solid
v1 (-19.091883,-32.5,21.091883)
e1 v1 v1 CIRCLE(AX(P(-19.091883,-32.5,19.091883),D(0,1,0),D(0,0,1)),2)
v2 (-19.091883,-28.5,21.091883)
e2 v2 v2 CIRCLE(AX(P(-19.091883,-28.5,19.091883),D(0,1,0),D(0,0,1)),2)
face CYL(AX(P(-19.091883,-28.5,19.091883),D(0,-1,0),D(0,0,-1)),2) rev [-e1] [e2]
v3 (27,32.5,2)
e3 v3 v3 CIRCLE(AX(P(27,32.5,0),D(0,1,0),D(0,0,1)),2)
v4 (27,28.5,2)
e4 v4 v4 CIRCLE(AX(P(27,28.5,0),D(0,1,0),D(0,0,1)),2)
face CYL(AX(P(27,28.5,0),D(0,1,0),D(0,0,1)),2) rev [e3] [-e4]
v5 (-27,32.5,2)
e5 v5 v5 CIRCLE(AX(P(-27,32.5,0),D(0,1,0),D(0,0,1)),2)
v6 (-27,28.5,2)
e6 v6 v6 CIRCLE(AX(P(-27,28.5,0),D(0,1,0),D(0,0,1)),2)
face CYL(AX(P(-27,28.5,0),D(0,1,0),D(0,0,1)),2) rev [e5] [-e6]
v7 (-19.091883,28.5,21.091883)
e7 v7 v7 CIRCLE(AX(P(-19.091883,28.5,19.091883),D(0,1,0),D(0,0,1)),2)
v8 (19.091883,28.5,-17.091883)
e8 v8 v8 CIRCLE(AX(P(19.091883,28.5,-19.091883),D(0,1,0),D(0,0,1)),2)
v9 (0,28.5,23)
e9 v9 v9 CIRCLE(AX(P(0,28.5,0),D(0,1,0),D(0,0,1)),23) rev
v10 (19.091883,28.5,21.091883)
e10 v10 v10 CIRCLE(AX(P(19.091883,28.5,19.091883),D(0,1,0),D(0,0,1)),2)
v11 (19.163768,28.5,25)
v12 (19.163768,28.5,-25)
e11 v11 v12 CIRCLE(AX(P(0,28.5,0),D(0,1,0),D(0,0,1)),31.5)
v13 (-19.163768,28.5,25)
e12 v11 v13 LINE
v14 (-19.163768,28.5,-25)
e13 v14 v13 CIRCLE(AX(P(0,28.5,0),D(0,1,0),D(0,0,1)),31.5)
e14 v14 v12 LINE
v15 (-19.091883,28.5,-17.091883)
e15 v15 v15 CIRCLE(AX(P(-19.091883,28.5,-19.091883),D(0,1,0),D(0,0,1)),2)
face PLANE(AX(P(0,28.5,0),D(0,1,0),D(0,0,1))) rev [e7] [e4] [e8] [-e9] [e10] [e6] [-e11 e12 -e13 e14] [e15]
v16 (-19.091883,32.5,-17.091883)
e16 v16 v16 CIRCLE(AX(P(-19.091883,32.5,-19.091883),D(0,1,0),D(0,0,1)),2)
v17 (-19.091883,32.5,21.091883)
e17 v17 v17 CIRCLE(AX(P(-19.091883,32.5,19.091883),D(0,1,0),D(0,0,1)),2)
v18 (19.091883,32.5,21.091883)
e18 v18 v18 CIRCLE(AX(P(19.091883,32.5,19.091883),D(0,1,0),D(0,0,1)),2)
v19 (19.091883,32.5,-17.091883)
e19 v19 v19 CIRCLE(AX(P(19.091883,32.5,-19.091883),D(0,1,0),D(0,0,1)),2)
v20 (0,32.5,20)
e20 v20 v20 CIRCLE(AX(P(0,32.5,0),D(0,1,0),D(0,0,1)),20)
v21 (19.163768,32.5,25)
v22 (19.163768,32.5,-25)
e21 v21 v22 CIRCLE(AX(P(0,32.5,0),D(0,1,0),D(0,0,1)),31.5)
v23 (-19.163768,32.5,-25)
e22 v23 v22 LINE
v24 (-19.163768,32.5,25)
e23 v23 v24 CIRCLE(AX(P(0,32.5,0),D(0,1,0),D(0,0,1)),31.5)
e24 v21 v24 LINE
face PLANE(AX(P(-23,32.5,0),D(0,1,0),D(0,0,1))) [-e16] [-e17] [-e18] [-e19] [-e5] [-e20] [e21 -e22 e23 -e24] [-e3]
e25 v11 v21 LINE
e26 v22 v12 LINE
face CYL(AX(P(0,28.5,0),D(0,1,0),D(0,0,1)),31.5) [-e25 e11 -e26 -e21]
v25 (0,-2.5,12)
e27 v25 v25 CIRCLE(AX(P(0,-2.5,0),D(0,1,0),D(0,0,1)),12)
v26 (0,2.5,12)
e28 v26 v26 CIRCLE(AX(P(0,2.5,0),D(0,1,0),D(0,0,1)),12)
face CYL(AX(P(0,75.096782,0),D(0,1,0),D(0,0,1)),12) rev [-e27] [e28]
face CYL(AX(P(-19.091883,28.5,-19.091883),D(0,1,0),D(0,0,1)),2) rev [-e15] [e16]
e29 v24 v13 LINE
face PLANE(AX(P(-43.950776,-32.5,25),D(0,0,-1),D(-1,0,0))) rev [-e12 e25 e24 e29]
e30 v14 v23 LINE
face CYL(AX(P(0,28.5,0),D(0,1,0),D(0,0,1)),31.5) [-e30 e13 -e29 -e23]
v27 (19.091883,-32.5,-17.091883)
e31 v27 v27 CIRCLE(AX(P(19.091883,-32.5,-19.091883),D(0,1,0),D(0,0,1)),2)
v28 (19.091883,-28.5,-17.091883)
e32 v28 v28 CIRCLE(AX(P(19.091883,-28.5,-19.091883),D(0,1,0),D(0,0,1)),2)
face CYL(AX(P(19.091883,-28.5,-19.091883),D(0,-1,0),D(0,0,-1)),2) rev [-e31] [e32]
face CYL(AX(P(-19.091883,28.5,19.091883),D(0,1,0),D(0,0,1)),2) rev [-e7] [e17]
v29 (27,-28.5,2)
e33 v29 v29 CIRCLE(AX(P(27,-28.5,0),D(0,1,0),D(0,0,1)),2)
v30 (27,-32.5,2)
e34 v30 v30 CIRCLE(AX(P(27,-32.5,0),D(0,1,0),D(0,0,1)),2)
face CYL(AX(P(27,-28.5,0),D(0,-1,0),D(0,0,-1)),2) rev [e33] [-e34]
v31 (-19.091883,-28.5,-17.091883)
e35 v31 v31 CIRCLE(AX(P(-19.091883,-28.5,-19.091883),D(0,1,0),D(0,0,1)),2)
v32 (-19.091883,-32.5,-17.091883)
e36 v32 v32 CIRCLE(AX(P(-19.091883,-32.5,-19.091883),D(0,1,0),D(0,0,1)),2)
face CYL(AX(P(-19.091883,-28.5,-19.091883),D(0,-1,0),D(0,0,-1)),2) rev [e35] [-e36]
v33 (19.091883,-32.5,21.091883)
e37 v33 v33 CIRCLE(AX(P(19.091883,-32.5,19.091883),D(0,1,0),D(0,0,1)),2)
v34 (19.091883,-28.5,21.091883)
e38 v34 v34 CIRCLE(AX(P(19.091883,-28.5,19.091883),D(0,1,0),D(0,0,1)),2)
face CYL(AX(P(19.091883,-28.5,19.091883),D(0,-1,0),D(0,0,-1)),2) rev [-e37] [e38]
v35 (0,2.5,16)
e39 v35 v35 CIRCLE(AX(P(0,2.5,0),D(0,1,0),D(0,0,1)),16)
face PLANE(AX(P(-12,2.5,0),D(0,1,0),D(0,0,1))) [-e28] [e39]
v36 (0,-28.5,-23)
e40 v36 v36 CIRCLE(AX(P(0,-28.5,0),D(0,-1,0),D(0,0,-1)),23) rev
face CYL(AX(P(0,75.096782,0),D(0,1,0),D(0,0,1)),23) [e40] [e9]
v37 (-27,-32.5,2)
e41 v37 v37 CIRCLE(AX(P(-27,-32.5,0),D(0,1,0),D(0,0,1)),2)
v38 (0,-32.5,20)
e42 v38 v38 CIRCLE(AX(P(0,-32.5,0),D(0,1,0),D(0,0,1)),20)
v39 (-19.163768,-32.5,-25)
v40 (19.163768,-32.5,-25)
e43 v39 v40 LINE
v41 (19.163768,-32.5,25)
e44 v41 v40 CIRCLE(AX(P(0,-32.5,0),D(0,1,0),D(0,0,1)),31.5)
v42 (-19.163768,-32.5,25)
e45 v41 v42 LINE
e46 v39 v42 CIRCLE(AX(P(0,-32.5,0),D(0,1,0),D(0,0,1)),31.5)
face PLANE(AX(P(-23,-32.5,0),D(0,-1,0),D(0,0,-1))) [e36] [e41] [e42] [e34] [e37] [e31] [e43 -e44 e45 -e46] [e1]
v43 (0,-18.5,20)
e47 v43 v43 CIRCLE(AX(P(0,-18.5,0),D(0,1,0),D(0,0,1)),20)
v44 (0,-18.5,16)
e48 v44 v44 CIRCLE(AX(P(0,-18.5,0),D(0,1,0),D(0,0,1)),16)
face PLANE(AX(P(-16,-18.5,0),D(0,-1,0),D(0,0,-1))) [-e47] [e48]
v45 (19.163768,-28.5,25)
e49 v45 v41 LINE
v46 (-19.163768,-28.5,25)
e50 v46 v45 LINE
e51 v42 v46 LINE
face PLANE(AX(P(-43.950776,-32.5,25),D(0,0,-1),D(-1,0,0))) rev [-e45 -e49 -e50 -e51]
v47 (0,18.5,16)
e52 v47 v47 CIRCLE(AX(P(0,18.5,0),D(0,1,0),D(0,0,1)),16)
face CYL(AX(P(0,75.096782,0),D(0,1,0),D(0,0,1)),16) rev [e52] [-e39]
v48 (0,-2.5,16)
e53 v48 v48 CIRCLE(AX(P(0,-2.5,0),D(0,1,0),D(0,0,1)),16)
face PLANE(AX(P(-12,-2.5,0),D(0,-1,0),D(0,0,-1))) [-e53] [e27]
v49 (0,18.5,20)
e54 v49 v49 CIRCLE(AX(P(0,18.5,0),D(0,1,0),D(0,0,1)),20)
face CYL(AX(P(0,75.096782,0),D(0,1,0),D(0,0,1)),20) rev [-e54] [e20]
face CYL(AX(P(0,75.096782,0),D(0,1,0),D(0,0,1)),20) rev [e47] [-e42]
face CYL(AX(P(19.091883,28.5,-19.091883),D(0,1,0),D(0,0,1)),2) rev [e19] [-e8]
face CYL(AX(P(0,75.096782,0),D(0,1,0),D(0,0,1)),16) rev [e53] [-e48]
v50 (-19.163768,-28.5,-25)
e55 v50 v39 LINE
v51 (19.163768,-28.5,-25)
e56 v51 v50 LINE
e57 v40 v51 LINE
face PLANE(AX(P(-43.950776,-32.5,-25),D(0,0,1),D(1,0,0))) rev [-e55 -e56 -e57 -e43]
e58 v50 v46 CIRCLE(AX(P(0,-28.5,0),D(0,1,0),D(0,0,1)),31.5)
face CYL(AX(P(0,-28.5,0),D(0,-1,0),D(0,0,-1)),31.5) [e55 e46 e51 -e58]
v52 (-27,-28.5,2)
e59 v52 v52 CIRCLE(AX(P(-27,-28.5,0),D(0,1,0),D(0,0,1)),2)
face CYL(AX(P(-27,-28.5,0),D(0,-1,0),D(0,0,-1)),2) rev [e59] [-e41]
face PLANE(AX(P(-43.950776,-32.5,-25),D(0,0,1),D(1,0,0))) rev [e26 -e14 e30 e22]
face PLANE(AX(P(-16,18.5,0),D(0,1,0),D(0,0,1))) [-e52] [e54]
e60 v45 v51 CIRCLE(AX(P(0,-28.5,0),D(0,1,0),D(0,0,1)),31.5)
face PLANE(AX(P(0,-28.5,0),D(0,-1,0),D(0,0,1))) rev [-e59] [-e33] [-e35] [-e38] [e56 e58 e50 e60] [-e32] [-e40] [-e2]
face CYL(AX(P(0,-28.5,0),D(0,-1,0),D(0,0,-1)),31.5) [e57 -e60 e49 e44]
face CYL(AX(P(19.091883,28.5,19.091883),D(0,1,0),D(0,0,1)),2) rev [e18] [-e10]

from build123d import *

# Parameters (mm, degrees)
SKETCH4_R           = 31.5
SKETCH4_R_2         = 21.5
SKETCH4_R_3         = 2
BOSS_EXTRUDE1_DEPTH = 4
SKETCH5_W           = 97.16267939
SKETCH5_H           = 14.406328081
SKETCH5_H_2         = 19.608613221
CUT_EXTRUDE1_DEPTH  = 66


with BuildPart() as part:
    # Sketch1 → Revolve1 (revolve)
    with BuildSketch(Plane.XY):
        Polygon((-12, 2.5), (-12, -2.5), (-16, -2.5), (-16, -18.5), (-20, -18.5), (-20, -32.5), (-23, -32.5), (-23, 32.5), (-20, 32.5), (-20, 18.5), (-16, 18.5), (-16, 2.5), align=None)
    revolve(axis=Axis((0, 75.096781517, 0), (0, -1, 0)))

    # Sketch4 → Boss-Extrude1 (add)
    with BuildSketch(Plane(origin=(0, 32.5, 0), x_dir=(1, 0, 0), z_dir=(0, 1, 0))):
        Circle(SKETCH4_R)
        Circle(SKETCH4_R_2, mode=Mode.SUBTRACT)
        with Locations((0, 27)):
            Circle(SKETCH4_R_3, mode=Mode.SUBTRACT)
        with Locations((19.091883092, 19.091883092)):
            Circle(SKETCH4_R_3, mode=Mode.SUBTRACT)
        with Locations((27, 0)):
            Circle(SKETCH4_R_3, mode=Mode.SUBTRACT)
        with Locations((19.091883092, -19.091883092)):
            Circle(SKETCH4_R_3, mode=Mode.SUBTRACT)
        with Locations((0, -27)):
            Circle(SKETCH4_R_3, mode=Mode.SUBTRACT)
        with Locations((-19.091883092, -19.091883092)):
            Circle(SKETCH4_R_3, mode=Mode.SUBTRACT)
        with Locations((-27, 0)):
            Circle(SKETCH4_R_3, mode=Mode.SUBTRACT)
        with Locations((-19.091883092, 19.091883092)):
            Circle(SKETCH4_R_3, mode=Mode.SUBTRACT)
    boss_extrude1 = extrude(amount=-BOSS_EXTRUDE1_DEPTH)

    # Mirror1: Boss-Extrude1 across plane
    add(boss_extrude1.mirror(Plane.ZX))

    # Sketch5 → Cut-Extrude1 (cut, through all)
    with BuildSketch(Plane(origin=(0, 32.5, 0), x_dir=(1, 0, 0), z_dir=(0, 1, 0))):
        with Locations((4.630564128, 32.20316404)):
            Rectangle(SKETCH5_W, SKETCH5_H)
        with Locations((4.630564128, -34.804306611)):
            Rectangle(SKETCH5_W, SKETCH5_H_2)
    extrude(amount=-CUT_EXTRUDE1_DEPTH, mode=Mode.SUBTRACT)


solid = part.part
